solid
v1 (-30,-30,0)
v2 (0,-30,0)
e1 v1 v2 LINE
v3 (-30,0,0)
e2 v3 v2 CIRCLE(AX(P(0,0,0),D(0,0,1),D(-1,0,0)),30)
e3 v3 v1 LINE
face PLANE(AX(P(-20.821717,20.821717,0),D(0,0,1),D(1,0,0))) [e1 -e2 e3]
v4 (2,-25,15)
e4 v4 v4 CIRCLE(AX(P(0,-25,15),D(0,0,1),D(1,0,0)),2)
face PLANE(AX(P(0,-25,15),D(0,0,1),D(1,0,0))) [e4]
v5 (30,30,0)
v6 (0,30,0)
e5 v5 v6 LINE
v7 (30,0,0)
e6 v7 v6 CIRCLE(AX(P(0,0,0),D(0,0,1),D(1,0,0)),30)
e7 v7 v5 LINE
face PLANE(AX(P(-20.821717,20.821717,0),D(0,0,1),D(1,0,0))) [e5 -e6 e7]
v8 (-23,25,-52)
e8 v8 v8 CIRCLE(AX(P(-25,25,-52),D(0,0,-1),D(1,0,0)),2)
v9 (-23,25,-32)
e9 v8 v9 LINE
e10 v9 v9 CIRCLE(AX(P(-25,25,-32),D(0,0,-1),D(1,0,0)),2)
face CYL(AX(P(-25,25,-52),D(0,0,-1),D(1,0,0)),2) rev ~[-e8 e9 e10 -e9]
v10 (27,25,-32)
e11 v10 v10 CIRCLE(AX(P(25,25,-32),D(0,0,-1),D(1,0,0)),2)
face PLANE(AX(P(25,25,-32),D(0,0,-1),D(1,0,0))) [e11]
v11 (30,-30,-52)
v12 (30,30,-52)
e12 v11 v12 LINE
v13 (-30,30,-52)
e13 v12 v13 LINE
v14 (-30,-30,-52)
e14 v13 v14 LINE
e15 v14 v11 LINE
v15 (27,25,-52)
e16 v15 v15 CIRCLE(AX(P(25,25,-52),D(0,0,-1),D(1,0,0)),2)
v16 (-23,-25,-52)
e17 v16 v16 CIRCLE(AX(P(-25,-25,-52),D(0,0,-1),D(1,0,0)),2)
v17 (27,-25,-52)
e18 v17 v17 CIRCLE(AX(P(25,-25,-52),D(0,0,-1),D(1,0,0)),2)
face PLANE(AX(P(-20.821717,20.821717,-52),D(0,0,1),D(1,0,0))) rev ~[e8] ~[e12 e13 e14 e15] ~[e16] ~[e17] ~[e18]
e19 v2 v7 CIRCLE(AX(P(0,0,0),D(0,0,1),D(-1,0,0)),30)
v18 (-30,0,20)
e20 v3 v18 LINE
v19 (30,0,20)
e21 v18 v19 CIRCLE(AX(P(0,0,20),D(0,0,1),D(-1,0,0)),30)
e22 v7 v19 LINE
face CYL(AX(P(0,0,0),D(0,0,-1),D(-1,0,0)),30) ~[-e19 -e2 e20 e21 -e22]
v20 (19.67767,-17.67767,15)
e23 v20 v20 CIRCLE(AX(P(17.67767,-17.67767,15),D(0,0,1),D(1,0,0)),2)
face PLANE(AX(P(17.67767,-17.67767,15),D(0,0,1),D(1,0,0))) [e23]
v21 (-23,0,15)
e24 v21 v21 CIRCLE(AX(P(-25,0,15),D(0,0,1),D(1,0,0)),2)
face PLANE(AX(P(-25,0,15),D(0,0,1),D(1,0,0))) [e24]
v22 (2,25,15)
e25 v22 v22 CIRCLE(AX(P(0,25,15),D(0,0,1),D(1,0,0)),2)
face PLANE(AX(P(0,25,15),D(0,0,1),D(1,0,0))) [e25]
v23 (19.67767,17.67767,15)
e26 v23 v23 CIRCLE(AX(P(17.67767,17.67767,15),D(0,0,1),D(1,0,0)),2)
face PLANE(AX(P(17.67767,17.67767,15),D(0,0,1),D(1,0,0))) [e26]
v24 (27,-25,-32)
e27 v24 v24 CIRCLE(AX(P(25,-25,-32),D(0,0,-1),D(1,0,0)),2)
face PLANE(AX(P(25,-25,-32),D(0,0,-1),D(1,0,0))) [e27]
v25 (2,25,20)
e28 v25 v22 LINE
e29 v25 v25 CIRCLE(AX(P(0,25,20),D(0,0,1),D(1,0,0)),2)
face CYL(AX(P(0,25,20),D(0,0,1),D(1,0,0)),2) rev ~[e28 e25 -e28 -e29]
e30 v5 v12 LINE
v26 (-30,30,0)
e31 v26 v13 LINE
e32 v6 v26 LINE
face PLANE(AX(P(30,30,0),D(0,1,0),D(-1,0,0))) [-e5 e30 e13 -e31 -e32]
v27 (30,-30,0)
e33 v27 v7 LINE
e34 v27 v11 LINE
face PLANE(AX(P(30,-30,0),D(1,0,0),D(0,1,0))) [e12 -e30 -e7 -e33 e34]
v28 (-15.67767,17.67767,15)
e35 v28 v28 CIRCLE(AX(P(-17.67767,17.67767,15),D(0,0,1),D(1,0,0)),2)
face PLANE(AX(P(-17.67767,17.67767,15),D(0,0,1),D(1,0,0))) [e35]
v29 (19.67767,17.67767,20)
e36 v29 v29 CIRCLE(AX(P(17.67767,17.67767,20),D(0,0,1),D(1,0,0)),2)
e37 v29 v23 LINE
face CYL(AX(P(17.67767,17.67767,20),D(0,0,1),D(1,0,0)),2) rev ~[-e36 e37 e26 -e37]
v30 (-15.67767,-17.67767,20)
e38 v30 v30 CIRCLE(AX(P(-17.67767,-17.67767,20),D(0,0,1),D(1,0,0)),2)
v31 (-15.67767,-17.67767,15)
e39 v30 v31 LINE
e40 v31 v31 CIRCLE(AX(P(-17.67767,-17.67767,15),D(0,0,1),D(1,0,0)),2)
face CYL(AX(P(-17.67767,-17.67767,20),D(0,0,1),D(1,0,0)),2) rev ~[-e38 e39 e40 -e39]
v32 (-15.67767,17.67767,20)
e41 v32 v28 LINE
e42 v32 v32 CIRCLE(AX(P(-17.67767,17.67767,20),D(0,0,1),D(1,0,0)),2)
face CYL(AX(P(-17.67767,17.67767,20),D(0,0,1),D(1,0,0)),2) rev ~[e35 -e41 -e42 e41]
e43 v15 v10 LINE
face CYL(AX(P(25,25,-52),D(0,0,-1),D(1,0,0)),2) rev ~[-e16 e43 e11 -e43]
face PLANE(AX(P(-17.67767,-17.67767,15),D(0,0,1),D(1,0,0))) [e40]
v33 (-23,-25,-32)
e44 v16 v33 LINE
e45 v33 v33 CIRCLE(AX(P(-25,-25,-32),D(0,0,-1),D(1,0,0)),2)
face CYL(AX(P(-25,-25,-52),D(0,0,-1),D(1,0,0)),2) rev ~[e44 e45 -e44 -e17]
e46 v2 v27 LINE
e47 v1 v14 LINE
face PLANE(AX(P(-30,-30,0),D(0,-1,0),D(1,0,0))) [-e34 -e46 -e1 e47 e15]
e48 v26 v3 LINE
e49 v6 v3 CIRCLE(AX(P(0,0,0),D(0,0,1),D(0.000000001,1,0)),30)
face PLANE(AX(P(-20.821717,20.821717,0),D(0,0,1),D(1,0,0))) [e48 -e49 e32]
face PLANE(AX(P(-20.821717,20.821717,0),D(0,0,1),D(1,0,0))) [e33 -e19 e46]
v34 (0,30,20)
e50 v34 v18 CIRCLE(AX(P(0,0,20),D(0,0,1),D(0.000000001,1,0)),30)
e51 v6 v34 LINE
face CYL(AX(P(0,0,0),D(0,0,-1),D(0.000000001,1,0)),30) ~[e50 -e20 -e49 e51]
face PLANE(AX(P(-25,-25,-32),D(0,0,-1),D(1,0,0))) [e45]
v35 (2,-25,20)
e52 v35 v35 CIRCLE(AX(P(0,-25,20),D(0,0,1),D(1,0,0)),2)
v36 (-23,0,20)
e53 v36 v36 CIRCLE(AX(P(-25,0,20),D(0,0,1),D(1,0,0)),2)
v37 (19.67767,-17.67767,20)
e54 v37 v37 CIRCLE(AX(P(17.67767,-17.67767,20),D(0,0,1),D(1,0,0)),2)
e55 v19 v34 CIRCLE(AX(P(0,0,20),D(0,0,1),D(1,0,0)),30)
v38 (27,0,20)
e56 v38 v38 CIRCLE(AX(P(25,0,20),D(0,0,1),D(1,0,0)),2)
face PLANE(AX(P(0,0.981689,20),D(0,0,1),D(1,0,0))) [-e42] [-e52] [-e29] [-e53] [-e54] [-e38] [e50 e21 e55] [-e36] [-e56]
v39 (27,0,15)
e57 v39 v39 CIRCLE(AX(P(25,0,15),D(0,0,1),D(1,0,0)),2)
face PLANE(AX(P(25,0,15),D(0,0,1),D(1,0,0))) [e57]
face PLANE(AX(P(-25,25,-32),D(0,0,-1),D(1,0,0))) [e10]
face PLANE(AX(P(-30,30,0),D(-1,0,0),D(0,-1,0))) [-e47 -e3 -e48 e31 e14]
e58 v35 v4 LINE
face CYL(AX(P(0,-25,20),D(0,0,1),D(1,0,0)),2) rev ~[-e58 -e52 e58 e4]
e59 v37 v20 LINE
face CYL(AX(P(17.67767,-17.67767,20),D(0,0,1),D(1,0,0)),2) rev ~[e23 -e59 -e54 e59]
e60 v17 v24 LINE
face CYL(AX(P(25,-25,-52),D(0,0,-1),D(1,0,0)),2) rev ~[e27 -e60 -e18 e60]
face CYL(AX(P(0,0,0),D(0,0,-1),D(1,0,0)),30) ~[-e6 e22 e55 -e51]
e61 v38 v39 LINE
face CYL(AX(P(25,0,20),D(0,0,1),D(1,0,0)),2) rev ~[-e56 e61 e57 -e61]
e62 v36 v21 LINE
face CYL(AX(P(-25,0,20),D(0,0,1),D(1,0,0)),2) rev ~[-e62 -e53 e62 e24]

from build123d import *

# Parameters (mm, degrees)
F1_DEPTH = 52
F2_DEPTH = 20
F3_R     = 2
F4_DEPTH = 5
F5_R     = 2
F6_DEPTH = 20


with BuildPart() as f1:
    # F0 (on Top) → F1 (new body)
    with BuildSketch(Plane.XY):
        with BuildLine():
            Line((4.28e-08, 30), (-30, 30))
            Line((-30, 30), (-30, 0))
            ThreePointArc((-30, 0), (-21.2132034204, 21.2132034507), (4.28e-08, 30))
        make_face()
        with BuildLine():
            Line((30, 30), (4.28e-08, 30))
            ThreePointArc((4.28e-08, 30), (21.2132034507, 21.2132034204), (30, 0))
            Line((30, 0), (30, 30))
        make_face()
        with BuildLine():
            ThreePointArc((30, 0), (21.2132034507, 21.2132034204), (4.28e-08, 30))
            ThreePointArc((4.28e-08, 30), (-21.2132034204, 21.2132034507), (-30, 0))
            ThreePointArc((-30, 0), (-21.2132034356, -21.2132034356), (0, -30))
            ThreePointArc((0, -30), (21.2132034356, -21.2132034356), (30, 0))
        make_face()
        with BuildLine():
            ThreePointArc((0, -30), (-21.2132034356, -21.2132034356), (-30, 0))
            Line((-30, 0), (-30, -30))
            Line((-30, -30), (0, -30))
        make_face()
        with BuildLine():
            Line((30, -30), (30, 0))
            ThreePointArc((30, 0), (21.2132034356, -21.2132034356), (0, -30))
            Line((0, -30), (30, -30))
        make_face()
    extrude(amount=-F1_DEPTH)

    # F0 (on Top) → F2 (join)
    with BuildSketch(Plane.XY):
        with BuildLine():
            ThreePointArc((30, 0), (21.2132034507, 21.2132034204), (4.28e-08, 30))
            ThreePointArc((4.28e-08, 30), (-21.2132034204, 21.2132034507), (-30, 0))
            ThreePointArc((-30, 0), (-21.2132034356, -21.2132034356), (0, -30))
            ThreePointArc((0, -30), (21.2132034356, -21.2132034356), (30, 0))
        make_face()
    extrude(amount=F2_DEPTH)

    # F3 (on face) → F4 (cut)
    with BuildSketch(Plane.XY.offset(20)):
        with Locations((0, 25)):
            Circle(F3_R)
        with Locations((-17.6776695297, 17.6776695297)):
            Circle(F3_R)
        with Locations((-25, 0)):
            Circle(F3_R)
        with Locations((-17.6776695297, -17.6776695297)):
            Circle(F3_R)
        with Locations((0, -25)):
            Circle(F3_R)
        with Locations((17.6776695297, -17.6776695297)):
            Circle(F3_R)
        with Locations((25, 0)):
            Circle(F3_R)
        with Locations((17.6776695297, 17.6776695297)):
            Circle(F3_R)
    extrude(amount=-F4_DEPTH, mode=Mode.SUBTRACT)

    # F5 (on face) → F6 (cut)
    with BuildSketch(Plane(origin=(0, 0, -52), x_dir=(1, 0, 0), z_dir=(0, 0, -1))):
        with Locations((-25, 25)):
            Circle(F5_R)
        with Locations((25, -25)):
            Circle(F5_R)
        with Locations((25, 25)):
            Circle(F5_R)
        with Locations((-25, -25)):
            Circle(F5_R)
    extrude(amount=-F6_DEPTH, mode=Mode.SUBTRACT)


solid = f1.part
